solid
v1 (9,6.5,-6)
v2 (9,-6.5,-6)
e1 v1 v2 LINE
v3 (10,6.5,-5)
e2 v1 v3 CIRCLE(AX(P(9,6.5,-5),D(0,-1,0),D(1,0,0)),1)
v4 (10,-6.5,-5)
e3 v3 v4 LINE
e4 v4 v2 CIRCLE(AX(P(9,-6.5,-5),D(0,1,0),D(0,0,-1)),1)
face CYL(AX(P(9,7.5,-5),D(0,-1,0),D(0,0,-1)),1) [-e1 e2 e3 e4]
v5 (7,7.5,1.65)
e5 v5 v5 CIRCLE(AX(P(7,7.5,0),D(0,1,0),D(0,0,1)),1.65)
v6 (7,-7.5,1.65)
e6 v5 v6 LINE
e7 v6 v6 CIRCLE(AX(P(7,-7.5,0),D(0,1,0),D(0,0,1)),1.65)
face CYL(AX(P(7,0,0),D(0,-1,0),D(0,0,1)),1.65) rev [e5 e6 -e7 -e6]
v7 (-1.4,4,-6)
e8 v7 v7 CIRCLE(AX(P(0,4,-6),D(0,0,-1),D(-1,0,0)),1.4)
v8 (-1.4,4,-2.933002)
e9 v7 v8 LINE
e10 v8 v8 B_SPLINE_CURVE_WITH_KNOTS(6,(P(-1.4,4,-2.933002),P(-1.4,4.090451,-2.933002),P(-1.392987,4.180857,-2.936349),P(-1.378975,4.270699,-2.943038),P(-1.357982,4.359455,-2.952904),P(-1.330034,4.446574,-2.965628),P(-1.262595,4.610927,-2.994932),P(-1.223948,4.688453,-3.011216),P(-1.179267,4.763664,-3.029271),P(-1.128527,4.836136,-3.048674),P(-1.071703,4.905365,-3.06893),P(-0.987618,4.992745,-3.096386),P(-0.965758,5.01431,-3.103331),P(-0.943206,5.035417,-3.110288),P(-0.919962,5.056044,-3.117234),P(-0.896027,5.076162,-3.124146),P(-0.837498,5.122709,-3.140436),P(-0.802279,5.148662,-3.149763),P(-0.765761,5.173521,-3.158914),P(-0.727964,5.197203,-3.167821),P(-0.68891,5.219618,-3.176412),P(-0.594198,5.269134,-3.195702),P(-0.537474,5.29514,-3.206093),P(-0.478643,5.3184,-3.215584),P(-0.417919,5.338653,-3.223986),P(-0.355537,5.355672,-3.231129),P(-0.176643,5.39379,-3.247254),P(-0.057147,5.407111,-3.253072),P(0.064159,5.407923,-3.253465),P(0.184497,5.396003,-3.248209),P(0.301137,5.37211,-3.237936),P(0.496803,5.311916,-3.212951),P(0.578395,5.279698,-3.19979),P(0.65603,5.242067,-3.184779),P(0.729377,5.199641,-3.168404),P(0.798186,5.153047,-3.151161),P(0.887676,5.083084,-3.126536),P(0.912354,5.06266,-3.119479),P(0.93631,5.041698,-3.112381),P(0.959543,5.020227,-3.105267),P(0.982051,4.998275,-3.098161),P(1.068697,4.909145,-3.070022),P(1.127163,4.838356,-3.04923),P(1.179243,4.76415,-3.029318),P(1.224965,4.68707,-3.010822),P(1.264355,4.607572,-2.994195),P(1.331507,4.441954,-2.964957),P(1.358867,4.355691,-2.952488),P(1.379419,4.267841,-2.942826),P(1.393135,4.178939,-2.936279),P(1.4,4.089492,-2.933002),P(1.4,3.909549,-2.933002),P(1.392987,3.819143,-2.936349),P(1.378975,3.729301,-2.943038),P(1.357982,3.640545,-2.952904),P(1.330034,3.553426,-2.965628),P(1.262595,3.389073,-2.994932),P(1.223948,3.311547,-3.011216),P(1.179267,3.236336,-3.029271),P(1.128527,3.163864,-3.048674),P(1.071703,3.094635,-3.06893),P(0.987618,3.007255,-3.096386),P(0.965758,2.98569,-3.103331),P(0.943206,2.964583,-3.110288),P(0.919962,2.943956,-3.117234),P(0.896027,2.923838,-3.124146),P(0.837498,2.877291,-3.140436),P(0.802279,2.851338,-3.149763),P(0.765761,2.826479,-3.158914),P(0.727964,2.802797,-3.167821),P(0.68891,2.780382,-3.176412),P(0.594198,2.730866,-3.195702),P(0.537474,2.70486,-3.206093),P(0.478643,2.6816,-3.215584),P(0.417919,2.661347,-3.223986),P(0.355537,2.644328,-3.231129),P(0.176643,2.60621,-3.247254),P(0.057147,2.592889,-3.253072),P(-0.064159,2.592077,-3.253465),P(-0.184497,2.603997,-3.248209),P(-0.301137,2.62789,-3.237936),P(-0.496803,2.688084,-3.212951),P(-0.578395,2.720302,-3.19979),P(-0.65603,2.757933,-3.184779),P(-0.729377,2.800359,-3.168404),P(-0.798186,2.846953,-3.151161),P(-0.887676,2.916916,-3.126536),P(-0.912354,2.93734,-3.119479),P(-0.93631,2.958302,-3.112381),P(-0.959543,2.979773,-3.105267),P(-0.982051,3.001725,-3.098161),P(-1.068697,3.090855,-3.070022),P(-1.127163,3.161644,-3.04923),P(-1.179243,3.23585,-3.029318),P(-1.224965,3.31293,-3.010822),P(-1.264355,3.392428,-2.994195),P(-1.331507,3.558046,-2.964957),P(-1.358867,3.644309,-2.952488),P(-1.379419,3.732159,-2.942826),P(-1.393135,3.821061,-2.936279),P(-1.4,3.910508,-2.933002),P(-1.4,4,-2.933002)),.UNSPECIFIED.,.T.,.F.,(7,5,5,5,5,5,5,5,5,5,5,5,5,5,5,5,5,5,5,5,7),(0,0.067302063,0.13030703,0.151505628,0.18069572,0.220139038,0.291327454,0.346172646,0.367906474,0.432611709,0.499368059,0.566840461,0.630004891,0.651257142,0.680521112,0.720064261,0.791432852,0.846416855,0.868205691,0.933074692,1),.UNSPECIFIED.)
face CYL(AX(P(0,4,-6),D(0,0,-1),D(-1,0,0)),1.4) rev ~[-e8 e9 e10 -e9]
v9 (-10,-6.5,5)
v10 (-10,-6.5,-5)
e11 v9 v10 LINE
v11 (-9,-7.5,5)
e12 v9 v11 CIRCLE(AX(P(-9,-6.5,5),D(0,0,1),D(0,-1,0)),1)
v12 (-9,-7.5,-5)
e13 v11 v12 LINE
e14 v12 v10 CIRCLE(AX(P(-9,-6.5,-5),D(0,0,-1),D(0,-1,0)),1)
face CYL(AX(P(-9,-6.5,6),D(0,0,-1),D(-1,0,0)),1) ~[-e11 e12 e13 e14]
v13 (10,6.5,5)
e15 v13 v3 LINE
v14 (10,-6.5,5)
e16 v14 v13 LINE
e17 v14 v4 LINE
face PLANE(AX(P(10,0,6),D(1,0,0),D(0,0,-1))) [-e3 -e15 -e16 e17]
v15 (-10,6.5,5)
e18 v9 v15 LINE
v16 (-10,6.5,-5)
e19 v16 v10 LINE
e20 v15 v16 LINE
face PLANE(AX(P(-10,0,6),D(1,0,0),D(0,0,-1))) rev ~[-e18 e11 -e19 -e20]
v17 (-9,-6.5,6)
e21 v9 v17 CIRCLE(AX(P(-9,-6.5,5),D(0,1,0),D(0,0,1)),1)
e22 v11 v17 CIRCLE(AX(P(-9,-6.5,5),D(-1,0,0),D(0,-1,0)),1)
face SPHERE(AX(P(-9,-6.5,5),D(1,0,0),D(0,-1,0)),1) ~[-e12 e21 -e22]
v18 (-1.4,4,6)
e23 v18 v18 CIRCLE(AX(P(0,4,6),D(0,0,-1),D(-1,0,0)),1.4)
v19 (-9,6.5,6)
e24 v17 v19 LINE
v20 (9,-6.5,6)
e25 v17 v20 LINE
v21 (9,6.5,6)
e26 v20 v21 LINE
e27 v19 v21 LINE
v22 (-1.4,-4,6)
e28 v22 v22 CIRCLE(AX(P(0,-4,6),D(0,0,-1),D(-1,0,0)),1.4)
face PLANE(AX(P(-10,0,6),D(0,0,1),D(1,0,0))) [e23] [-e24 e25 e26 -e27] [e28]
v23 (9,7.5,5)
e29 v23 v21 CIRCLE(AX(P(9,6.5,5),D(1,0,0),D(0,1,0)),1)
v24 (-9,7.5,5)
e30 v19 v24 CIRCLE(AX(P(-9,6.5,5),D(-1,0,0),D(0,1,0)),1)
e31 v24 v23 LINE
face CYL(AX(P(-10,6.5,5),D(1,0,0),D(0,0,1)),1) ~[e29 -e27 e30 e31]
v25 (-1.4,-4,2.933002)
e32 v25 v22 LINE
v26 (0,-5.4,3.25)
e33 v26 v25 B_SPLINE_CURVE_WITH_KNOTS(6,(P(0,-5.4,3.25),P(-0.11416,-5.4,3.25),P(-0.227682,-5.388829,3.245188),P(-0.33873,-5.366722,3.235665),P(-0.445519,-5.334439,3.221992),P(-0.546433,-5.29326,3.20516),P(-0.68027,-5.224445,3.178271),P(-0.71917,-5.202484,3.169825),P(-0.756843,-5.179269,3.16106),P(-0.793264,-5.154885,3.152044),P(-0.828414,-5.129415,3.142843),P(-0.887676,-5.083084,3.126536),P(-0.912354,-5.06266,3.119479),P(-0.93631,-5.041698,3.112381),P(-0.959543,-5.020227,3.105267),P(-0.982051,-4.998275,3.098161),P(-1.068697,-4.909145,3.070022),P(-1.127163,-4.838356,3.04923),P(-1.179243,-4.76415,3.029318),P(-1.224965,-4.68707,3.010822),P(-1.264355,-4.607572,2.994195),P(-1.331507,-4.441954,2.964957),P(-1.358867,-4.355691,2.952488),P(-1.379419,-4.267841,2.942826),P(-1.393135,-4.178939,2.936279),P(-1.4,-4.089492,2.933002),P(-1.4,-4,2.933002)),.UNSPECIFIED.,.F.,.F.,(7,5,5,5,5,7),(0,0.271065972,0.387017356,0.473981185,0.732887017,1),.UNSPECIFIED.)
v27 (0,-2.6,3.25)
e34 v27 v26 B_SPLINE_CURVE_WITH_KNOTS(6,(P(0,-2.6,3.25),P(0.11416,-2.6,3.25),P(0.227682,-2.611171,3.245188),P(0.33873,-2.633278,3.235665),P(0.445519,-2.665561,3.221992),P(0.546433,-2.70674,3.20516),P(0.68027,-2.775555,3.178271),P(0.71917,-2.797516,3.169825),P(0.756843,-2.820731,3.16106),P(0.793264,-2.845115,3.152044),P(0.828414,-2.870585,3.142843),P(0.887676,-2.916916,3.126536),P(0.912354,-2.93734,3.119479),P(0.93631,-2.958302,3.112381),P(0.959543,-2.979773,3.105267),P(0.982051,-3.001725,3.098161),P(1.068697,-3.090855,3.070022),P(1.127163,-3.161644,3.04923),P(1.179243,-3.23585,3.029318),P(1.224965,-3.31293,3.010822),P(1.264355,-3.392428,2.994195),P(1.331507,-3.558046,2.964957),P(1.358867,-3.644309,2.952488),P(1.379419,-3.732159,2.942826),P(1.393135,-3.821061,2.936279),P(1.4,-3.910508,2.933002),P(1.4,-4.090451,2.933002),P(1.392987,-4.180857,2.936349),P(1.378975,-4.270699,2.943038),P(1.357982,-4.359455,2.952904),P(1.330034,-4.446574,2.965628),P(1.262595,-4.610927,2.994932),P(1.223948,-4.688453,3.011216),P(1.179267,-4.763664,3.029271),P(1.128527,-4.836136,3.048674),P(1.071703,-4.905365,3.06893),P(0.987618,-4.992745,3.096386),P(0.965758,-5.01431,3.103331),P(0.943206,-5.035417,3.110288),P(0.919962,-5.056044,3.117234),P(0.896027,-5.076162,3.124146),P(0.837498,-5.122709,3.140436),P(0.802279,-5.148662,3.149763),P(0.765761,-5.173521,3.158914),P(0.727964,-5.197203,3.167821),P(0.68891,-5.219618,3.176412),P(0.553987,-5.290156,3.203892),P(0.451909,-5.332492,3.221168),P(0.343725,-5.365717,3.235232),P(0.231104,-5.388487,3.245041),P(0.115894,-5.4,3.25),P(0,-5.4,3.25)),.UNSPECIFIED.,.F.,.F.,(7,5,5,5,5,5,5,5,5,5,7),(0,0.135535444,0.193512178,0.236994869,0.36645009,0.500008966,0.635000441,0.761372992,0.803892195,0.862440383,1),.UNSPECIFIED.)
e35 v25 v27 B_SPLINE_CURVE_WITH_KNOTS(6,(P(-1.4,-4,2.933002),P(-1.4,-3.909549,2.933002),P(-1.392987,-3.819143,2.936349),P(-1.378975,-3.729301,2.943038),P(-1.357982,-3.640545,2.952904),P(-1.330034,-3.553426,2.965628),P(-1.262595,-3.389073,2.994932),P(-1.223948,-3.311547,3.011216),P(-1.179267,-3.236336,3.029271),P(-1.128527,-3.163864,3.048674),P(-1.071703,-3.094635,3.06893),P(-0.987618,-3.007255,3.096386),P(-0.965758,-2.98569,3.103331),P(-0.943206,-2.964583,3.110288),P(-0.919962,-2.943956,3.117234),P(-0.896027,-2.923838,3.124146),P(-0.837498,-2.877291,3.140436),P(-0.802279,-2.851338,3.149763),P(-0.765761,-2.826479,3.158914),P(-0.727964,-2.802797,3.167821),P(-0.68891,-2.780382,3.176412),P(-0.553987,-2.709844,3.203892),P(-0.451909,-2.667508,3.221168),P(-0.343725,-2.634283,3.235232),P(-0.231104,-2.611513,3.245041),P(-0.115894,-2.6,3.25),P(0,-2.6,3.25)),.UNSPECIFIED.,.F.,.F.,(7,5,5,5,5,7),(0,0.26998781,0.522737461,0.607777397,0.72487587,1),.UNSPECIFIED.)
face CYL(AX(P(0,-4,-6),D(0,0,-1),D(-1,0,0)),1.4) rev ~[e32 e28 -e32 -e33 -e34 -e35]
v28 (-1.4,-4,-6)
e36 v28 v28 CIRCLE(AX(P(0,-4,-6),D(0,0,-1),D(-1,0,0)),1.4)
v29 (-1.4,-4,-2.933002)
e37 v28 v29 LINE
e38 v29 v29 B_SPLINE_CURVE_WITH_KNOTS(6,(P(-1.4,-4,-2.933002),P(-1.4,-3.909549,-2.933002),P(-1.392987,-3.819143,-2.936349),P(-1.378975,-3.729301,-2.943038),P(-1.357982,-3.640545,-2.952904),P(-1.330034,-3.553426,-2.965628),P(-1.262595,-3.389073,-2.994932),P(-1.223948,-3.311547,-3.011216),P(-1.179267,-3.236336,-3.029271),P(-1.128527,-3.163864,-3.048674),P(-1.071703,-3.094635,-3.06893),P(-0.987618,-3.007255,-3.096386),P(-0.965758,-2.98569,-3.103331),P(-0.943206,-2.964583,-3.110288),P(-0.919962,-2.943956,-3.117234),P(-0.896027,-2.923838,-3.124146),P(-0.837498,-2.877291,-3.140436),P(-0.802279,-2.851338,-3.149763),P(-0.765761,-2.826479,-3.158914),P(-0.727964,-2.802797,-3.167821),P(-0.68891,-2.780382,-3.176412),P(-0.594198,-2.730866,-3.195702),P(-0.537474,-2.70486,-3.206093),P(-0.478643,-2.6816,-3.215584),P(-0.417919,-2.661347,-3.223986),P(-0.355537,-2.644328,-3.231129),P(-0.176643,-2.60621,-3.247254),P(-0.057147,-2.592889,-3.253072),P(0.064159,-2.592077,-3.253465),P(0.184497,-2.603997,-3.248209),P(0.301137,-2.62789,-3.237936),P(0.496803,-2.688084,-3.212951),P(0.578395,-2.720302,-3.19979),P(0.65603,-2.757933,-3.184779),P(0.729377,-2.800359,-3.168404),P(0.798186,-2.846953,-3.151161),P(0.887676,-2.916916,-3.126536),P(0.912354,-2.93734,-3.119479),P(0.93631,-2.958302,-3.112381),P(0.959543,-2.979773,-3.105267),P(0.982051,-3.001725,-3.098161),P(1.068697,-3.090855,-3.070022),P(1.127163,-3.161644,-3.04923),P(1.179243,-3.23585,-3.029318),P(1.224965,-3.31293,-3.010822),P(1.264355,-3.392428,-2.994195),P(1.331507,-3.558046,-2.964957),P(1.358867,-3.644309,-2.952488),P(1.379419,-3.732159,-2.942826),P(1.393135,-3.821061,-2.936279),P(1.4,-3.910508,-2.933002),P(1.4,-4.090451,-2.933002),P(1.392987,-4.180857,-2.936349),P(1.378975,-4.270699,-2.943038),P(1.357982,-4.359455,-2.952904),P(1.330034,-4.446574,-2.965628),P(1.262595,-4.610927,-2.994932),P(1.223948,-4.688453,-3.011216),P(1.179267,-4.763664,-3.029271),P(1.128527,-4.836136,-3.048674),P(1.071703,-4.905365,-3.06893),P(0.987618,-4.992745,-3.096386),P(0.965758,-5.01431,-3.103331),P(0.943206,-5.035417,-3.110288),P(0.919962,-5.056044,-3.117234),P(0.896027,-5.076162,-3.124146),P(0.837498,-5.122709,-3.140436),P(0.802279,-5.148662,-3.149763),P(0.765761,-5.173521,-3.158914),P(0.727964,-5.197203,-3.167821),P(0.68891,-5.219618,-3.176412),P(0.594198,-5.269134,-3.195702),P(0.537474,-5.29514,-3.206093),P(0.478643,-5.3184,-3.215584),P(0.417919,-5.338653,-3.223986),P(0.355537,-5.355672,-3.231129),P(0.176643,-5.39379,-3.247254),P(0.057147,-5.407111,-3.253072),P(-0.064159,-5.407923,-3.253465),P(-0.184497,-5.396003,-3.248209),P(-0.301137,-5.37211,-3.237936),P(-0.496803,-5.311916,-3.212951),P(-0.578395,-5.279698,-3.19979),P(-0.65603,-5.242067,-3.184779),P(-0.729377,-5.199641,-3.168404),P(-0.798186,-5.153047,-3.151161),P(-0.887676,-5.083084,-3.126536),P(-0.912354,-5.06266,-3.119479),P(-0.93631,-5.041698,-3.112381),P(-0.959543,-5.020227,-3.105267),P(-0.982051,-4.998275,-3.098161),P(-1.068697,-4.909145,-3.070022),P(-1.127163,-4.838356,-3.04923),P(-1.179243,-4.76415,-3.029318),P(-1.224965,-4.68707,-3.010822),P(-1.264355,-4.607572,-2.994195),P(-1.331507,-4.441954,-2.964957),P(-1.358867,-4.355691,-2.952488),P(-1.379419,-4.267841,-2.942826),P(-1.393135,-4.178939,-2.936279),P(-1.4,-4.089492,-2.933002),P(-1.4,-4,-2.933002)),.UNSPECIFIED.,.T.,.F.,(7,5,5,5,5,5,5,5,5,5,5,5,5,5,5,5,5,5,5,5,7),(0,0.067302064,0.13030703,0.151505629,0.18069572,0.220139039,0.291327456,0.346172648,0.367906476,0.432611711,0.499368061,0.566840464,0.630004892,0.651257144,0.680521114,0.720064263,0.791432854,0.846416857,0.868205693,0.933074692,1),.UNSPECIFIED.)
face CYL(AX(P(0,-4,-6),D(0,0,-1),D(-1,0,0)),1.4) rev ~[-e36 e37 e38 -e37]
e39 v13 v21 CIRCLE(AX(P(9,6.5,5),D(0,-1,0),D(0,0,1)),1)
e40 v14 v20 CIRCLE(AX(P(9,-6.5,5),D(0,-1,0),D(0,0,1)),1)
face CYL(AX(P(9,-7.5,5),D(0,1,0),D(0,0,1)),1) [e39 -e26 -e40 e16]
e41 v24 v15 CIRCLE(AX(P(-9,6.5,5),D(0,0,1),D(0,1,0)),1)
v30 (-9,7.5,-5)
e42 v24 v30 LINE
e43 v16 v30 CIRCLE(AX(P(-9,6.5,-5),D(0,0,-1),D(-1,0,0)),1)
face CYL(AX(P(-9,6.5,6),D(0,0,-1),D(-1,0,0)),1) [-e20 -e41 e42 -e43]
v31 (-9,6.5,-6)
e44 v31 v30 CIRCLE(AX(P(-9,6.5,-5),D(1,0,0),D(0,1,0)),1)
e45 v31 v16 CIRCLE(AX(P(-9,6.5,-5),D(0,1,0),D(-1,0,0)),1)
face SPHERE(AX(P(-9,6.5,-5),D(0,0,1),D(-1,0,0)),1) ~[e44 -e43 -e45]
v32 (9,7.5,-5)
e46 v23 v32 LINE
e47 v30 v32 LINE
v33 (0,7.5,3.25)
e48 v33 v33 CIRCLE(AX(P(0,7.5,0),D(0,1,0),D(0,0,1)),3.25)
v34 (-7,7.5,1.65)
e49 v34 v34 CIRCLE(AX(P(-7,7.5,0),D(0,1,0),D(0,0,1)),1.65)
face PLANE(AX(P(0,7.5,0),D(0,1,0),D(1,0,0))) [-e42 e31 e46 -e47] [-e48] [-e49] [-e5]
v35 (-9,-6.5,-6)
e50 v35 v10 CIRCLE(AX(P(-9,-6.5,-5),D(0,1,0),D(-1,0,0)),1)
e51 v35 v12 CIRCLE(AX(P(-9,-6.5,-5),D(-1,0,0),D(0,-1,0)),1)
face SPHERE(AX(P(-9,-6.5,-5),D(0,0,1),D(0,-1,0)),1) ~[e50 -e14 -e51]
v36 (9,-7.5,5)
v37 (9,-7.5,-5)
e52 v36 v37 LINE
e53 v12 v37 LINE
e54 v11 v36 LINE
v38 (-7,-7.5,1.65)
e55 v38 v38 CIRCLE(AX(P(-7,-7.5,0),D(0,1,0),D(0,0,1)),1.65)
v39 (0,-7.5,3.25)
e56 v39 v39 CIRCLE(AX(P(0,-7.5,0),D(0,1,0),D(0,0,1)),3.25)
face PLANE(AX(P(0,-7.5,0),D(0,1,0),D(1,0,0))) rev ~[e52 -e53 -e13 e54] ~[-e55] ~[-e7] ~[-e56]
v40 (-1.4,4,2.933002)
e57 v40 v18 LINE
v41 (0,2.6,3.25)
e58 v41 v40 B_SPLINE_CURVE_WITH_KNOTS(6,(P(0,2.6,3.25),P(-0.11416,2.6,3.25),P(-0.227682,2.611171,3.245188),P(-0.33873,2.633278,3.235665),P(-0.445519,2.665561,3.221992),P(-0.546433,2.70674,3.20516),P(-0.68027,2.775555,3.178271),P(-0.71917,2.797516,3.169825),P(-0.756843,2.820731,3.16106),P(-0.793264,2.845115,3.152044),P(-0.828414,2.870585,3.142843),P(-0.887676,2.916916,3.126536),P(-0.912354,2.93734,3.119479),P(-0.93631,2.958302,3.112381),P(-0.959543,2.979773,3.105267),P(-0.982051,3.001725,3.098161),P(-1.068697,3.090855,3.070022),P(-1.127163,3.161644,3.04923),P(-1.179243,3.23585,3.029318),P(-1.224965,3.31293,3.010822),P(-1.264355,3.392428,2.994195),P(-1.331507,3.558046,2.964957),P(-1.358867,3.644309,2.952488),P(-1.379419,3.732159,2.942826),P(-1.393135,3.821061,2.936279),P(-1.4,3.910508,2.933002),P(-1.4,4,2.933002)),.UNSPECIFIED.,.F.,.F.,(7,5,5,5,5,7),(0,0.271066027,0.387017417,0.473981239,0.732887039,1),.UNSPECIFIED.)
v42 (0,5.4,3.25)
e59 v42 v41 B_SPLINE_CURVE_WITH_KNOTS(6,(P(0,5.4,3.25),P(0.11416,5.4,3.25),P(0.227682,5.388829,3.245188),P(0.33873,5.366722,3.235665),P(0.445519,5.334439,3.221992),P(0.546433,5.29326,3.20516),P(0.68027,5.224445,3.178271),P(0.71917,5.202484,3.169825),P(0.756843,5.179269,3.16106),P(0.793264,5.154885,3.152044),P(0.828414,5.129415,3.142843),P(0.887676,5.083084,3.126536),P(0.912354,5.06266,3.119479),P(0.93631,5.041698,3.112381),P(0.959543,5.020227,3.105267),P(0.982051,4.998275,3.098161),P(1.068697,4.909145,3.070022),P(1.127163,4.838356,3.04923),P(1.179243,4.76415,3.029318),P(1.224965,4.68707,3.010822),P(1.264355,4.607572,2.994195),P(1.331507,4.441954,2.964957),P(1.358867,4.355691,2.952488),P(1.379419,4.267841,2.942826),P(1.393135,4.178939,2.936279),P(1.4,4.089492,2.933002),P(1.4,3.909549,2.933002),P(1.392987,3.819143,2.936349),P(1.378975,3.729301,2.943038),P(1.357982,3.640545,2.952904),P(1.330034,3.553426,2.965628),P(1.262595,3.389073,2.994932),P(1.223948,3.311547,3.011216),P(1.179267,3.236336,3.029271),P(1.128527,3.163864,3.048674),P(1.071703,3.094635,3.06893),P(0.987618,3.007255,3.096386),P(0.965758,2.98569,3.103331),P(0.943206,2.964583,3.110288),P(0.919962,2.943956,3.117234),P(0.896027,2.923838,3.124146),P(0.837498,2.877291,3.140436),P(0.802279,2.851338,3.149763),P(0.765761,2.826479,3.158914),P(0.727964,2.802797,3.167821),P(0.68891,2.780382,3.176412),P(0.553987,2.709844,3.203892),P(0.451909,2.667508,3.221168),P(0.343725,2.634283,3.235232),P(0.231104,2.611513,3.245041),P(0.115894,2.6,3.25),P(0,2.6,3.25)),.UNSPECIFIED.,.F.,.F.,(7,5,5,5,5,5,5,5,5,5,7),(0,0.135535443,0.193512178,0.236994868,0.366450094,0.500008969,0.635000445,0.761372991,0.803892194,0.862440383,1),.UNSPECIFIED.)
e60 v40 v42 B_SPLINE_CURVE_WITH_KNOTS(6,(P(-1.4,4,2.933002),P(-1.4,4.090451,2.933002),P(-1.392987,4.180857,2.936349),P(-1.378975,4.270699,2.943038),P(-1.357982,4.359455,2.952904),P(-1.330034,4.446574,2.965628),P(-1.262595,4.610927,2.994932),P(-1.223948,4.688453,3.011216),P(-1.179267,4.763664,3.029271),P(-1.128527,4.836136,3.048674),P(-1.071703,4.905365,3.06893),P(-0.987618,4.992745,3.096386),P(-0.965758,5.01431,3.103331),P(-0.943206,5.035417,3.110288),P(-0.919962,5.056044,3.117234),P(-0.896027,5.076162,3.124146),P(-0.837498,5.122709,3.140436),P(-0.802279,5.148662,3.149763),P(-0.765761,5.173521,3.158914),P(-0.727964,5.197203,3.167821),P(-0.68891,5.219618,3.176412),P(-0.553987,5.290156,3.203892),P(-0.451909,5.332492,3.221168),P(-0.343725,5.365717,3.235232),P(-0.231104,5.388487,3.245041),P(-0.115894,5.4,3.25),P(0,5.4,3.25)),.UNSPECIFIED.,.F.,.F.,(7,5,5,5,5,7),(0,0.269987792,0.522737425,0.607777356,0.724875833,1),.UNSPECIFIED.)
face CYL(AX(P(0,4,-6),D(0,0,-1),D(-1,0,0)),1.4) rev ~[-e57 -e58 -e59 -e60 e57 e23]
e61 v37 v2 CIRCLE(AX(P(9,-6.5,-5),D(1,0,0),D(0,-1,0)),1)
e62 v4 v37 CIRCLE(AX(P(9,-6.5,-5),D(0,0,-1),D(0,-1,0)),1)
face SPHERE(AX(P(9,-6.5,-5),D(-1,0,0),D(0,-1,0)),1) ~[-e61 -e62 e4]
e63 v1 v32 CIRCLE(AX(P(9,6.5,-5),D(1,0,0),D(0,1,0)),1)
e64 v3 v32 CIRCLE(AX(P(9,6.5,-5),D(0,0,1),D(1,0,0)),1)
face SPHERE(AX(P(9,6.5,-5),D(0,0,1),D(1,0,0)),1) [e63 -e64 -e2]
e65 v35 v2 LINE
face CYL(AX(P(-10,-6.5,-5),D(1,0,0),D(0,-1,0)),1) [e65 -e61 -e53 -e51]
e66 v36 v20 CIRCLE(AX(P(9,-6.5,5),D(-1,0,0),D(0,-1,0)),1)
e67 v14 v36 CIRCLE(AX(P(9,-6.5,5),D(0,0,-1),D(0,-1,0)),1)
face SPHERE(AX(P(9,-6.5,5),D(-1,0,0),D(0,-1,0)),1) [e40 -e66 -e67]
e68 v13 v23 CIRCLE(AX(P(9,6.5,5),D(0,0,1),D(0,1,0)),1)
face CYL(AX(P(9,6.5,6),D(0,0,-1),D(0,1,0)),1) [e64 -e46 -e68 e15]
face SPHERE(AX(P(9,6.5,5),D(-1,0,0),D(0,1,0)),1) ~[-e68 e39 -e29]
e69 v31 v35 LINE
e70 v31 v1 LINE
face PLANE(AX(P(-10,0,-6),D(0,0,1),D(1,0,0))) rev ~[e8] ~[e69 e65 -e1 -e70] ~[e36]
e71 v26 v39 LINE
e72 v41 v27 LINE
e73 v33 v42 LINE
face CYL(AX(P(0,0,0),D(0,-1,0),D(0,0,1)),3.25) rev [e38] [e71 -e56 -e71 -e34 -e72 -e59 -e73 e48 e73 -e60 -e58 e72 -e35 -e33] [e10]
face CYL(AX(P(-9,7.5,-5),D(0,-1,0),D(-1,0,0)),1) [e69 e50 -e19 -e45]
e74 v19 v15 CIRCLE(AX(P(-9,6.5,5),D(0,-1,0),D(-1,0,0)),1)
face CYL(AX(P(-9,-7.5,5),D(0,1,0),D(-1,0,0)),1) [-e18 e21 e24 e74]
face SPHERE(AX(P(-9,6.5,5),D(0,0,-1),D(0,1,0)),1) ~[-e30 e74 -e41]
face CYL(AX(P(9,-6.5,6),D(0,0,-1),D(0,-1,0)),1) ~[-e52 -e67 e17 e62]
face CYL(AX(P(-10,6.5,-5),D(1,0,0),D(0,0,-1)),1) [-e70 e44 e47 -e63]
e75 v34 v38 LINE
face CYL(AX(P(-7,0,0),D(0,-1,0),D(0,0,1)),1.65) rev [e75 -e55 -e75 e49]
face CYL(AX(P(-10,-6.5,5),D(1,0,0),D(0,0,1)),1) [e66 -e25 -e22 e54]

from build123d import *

# Parameters (mm, degrees)
SKETCH_1_W          = 20
SKETCH_1_H          = 12
SKETCH_1_R          = 3.25
SKETCH_1_R_2        = 1.65
EXTRUDE_1_DEPTH     = 7.5
SKETCH_3_R          = 1.4
CUT_EXTRUDE_1_DEPTH = 15
FILLET_1_R          = 1


with BuildPart() as part:
    # 草图1 → 凸台-拉伸1 (new, symmetric)
    with BuildSketch(Plane(origin=(0, 0, 0), x_dir=(1, 0, 0), z_dir=(0, 1, 0))):
        Rectangle(SKETCH_1_W, SKETCH_1_H)
        with Locations(Location((0, 0, 0), (0, 0, 270))):
            Circle(SKETCH_1_R, mode=Mode.SUBTRACT)
        with Locations(Location((-7, 0, 0), (0, 0, 270))):
            Circle(SKETCH_1_R_2, mode=Mode.SUBTRACT)
        with Locations(Location((7, 0, 0), (0, 0, 270))):
            Circle(SKETCH_1_R_2, mode=Mode.SUBTRACT)
    extrude(amount=EXTRUDE_1_DEPTH, both=True)

    # 草图3 → 切除-拉伸1 (cut)
    with BuildSketch(Plane(origin=(0, 0, -6), x_dir=(-1, 0, 0), z_dir=(0, 0, -1))):
        with Locations((0, 4)):
            Circle(SKETCH_3_R)
        with Locations((0, -4)):
            Circle(SKETCH_3_R)
    extrude(amount=-CUT_EXTRUDE_1_DEPTH, mode=Mode.SUBTRACT)

    # 圆角1
    fillet_1_edges = [part.edges().sort_by_distance(p)[0] for p in [
        (-10, 7.5, 0),
        (0, 7.5, 6),
        (10, 7.5, 0),
        (0, -7.5, 6),
        (-10, -7.5, 0),
        (0, -7.5, -6),
        (10, -7.5, 0),
        (10, 0, 6),
        (-10, 0, 6),
        (-10, 0, -6),
        (10, 0, -6),
        (0, 7.5, -6),
    ]]
    fillet(fillet_1_edges, radius=FILLET_1_R)


solid = part.part
